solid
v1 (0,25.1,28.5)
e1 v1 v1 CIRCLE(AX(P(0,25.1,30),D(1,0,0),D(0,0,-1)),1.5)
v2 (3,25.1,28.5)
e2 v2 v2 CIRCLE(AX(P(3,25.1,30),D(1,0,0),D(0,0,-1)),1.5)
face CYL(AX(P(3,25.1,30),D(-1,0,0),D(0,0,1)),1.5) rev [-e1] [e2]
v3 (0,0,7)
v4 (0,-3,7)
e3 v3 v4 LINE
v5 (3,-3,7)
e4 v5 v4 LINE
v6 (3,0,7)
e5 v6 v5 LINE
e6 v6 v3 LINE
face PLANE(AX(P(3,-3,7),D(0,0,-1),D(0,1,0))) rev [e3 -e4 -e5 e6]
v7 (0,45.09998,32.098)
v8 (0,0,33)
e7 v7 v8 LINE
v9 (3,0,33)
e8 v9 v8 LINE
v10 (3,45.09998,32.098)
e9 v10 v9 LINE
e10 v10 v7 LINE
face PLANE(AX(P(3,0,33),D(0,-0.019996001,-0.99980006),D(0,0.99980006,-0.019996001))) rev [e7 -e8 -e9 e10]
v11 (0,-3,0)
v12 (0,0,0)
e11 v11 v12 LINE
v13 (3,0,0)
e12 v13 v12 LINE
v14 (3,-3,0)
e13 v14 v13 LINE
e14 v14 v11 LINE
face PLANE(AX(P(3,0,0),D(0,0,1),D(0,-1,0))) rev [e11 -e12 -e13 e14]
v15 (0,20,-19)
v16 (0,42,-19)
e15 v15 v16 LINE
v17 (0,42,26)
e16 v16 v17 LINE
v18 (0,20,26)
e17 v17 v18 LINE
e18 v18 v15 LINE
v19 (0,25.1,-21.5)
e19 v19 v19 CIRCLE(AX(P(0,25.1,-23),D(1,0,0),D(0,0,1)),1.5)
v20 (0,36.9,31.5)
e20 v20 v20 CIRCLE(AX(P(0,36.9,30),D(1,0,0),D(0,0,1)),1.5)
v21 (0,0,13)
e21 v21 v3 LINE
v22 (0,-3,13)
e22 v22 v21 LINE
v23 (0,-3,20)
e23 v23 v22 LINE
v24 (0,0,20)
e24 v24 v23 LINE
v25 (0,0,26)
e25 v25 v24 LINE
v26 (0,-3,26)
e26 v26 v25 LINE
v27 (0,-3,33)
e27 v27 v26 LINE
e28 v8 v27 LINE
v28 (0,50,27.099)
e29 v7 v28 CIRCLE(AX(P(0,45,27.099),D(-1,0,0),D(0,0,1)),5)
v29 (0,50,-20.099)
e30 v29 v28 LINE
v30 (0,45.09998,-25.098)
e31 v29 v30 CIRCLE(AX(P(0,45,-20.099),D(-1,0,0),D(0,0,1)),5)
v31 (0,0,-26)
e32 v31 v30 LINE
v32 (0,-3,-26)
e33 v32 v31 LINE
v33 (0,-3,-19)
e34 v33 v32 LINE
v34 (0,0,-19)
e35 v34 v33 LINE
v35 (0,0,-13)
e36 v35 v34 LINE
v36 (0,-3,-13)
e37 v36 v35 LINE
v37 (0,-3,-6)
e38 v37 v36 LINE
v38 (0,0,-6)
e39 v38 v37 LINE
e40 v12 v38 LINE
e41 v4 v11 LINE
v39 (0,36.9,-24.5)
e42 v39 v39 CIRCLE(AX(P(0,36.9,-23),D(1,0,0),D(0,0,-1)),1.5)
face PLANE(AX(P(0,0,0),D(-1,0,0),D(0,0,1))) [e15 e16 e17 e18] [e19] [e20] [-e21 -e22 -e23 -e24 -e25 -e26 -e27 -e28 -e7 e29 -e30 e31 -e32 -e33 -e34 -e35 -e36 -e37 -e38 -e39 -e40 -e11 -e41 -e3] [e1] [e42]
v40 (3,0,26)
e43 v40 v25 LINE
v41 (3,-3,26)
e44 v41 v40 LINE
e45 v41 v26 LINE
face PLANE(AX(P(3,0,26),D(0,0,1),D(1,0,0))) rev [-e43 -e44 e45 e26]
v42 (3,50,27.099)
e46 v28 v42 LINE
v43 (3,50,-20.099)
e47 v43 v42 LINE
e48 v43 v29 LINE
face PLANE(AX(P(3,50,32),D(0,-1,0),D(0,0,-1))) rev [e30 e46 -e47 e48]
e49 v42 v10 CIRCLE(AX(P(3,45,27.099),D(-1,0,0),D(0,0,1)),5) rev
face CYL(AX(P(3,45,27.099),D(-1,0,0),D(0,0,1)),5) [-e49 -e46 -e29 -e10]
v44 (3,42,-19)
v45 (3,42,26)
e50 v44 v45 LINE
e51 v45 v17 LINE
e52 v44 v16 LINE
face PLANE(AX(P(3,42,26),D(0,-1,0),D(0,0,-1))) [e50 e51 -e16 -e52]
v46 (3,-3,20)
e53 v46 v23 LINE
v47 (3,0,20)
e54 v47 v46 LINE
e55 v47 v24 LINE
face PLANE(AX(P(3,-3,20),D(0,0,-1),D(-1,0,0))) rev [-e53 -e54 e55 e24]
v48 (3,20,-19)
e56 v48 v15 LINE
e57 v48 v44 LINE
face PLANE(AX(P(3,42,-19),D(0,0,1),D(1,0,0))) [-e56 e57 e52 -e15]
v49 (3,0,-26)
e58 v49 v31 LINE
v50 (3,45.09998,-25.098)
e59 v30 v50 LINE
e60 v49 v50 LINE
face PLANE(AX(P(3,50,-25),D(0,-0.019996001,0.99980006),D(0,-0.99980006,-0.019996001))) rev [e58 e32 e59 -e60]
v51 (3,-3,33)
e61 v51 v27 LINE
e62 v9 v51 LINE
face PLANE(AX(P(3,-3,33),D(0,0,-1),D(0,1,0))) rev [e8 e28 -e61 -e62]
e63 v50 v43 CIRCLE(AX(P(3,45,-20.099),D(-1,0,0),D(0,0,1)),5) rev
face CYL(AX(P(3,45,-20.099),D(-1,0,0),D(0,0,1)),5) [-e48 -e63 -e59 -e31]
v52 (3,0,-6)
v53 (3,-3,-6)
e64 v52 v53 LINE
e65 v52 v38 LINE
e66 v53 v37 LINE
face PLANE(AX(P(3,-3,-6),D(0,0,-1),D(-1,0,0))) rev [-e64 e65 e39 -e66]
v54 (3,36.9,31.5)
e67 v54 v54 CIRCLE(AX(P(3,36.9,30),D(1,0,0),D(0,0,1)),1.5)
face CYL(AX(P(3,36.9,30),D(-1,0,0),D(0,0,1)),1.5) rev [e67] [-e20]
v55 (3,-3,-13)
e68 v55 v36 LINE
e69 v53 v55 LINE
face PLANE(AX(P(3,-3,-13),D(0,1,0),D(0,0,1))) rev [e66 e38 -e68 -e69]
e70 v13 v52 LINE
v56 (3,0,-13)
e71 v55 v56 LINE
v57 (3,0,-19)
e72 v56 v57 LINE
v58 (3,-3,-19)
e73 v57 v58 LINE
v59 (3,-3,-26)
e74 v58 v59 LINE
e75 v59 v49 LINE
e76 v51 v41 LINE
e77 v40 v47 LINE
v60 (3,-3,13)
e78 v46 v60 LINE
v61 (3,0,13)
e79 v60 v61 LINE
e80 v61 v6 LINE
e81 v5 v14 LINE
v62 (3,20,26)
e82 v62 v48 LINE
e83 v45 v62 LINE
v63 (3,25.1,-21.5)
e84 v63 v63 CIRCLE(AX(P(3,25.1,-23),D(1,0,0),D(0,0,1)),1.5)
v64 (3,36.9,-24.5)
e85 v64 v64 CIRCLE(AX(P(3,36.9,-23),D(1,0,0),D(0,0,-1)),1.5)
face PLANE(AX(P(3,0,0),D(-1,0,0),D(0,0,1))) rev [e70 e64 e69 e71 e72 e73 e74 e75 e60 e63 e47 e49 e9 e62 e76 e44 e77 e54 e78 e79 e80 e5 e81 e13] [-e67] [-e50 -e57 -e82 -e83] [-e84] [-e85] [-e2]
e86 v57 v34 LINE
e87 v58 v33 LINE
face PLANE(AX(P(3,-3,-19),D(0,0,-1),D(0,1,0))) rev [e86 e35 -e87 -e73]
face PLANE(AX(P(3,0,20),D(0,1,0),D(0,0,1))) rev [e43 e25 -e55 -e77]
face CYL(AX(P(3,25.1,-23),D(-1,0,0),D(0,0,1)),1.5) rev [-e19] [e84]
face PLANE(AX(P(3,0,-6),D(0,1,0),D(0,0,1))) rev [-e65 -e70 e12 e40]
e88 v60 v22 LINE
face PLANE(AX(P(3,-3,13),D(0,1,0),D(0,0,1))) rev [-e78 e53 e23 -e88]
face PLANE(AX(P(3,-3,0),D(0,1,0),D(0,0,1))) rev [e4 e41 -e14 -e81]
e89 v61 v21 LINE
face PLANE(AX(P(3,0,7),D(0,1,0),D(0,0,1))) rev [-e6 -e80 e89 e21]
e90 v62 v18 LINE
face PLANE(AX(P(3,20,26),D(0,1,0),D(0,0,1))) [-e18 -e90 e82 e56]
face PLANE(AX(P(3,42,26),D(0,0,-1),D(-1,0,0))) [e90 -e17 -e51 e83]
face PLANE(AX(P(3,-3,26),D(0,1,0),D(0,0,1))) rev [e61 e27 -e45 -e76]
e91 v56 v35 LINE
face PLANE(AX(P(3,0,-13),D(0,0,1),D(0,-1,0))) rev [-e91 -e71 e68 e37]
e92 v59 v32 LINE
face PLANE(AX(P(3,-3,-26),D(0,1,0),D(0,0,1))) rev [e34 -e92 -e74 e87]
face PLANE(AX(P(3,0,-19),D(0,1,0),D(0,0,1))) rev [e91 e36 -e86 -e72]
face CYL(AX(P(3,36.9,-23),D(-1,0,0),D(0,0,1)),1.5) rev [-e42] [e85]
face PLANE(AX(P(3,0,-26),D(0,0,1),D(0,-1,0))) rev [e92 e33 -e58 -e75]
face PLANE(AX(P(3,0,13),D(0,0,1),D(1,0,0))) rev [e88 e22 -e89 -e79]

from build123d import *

# Parameters (mm, degrees)
SKETCH1_R           = 1.5
SKETCH1_W           = 45
SKETCH1_H           = 22
BOSS_EXTRUDE1_DEPTH = 3
FILLET1_R           = 5


with BuildPart() as part:
    # Sketch1 → Boss-Extrude1 (new body)
    with BuildSketch(Plane(origin=(0, 0, 0), x_dir=(0, 0, -1), z_dir=(1, 0, 0))):
        Polygon((-33, 0), (-32, 50), (25, 50), (26, 0), (26, -3), (19, -3), (19, 0), (13, 0), (13, -3), (6, -3), (6, 0), (0, 0), (0, -3), (-7, -3), (-7, 0), (-13, 0), (-13, -3), (-20, -3), (-20, 0), (-26, 0), (-26, -3), (-33, -3), align=None)
        with Locations((23, 36.9)):
            Circle(SKETCH1_R, mode=Mode.SUBTRACT)
        with Locations(Location((23, 25.1, 0), (0, 0, 180))):
            Circle(SKETCH1_R, mode=Mode.SUBTRACT)
        with Locations(Location((-30, 36.9, 0), (0, 0, 180))):
            Circle(SKETCH1_R, mode=Mode.SUBTRACT)
        with Locations((-30, 25.1)):
            Circle(SKETCH1_R, mode=Mode.SUBTRACT)
        with Locations((-3.5, 31)):
            Rectangle(SKETCH1_W, SKETCH1_H, mode=Mode.SUBTRACT)
    extrude(amount=BOSS_EXTRUDE1_DEPTH)

    # Fillet1
    fillet1_edges = [part.edges().sort_by_distance(p)[0] for p in [
        (1.5, 50, 32),
        (1.5, 50, -25),
    ]]
    fillet(fillet1_edges, radius=FILLET1_R)


solid = part.part
